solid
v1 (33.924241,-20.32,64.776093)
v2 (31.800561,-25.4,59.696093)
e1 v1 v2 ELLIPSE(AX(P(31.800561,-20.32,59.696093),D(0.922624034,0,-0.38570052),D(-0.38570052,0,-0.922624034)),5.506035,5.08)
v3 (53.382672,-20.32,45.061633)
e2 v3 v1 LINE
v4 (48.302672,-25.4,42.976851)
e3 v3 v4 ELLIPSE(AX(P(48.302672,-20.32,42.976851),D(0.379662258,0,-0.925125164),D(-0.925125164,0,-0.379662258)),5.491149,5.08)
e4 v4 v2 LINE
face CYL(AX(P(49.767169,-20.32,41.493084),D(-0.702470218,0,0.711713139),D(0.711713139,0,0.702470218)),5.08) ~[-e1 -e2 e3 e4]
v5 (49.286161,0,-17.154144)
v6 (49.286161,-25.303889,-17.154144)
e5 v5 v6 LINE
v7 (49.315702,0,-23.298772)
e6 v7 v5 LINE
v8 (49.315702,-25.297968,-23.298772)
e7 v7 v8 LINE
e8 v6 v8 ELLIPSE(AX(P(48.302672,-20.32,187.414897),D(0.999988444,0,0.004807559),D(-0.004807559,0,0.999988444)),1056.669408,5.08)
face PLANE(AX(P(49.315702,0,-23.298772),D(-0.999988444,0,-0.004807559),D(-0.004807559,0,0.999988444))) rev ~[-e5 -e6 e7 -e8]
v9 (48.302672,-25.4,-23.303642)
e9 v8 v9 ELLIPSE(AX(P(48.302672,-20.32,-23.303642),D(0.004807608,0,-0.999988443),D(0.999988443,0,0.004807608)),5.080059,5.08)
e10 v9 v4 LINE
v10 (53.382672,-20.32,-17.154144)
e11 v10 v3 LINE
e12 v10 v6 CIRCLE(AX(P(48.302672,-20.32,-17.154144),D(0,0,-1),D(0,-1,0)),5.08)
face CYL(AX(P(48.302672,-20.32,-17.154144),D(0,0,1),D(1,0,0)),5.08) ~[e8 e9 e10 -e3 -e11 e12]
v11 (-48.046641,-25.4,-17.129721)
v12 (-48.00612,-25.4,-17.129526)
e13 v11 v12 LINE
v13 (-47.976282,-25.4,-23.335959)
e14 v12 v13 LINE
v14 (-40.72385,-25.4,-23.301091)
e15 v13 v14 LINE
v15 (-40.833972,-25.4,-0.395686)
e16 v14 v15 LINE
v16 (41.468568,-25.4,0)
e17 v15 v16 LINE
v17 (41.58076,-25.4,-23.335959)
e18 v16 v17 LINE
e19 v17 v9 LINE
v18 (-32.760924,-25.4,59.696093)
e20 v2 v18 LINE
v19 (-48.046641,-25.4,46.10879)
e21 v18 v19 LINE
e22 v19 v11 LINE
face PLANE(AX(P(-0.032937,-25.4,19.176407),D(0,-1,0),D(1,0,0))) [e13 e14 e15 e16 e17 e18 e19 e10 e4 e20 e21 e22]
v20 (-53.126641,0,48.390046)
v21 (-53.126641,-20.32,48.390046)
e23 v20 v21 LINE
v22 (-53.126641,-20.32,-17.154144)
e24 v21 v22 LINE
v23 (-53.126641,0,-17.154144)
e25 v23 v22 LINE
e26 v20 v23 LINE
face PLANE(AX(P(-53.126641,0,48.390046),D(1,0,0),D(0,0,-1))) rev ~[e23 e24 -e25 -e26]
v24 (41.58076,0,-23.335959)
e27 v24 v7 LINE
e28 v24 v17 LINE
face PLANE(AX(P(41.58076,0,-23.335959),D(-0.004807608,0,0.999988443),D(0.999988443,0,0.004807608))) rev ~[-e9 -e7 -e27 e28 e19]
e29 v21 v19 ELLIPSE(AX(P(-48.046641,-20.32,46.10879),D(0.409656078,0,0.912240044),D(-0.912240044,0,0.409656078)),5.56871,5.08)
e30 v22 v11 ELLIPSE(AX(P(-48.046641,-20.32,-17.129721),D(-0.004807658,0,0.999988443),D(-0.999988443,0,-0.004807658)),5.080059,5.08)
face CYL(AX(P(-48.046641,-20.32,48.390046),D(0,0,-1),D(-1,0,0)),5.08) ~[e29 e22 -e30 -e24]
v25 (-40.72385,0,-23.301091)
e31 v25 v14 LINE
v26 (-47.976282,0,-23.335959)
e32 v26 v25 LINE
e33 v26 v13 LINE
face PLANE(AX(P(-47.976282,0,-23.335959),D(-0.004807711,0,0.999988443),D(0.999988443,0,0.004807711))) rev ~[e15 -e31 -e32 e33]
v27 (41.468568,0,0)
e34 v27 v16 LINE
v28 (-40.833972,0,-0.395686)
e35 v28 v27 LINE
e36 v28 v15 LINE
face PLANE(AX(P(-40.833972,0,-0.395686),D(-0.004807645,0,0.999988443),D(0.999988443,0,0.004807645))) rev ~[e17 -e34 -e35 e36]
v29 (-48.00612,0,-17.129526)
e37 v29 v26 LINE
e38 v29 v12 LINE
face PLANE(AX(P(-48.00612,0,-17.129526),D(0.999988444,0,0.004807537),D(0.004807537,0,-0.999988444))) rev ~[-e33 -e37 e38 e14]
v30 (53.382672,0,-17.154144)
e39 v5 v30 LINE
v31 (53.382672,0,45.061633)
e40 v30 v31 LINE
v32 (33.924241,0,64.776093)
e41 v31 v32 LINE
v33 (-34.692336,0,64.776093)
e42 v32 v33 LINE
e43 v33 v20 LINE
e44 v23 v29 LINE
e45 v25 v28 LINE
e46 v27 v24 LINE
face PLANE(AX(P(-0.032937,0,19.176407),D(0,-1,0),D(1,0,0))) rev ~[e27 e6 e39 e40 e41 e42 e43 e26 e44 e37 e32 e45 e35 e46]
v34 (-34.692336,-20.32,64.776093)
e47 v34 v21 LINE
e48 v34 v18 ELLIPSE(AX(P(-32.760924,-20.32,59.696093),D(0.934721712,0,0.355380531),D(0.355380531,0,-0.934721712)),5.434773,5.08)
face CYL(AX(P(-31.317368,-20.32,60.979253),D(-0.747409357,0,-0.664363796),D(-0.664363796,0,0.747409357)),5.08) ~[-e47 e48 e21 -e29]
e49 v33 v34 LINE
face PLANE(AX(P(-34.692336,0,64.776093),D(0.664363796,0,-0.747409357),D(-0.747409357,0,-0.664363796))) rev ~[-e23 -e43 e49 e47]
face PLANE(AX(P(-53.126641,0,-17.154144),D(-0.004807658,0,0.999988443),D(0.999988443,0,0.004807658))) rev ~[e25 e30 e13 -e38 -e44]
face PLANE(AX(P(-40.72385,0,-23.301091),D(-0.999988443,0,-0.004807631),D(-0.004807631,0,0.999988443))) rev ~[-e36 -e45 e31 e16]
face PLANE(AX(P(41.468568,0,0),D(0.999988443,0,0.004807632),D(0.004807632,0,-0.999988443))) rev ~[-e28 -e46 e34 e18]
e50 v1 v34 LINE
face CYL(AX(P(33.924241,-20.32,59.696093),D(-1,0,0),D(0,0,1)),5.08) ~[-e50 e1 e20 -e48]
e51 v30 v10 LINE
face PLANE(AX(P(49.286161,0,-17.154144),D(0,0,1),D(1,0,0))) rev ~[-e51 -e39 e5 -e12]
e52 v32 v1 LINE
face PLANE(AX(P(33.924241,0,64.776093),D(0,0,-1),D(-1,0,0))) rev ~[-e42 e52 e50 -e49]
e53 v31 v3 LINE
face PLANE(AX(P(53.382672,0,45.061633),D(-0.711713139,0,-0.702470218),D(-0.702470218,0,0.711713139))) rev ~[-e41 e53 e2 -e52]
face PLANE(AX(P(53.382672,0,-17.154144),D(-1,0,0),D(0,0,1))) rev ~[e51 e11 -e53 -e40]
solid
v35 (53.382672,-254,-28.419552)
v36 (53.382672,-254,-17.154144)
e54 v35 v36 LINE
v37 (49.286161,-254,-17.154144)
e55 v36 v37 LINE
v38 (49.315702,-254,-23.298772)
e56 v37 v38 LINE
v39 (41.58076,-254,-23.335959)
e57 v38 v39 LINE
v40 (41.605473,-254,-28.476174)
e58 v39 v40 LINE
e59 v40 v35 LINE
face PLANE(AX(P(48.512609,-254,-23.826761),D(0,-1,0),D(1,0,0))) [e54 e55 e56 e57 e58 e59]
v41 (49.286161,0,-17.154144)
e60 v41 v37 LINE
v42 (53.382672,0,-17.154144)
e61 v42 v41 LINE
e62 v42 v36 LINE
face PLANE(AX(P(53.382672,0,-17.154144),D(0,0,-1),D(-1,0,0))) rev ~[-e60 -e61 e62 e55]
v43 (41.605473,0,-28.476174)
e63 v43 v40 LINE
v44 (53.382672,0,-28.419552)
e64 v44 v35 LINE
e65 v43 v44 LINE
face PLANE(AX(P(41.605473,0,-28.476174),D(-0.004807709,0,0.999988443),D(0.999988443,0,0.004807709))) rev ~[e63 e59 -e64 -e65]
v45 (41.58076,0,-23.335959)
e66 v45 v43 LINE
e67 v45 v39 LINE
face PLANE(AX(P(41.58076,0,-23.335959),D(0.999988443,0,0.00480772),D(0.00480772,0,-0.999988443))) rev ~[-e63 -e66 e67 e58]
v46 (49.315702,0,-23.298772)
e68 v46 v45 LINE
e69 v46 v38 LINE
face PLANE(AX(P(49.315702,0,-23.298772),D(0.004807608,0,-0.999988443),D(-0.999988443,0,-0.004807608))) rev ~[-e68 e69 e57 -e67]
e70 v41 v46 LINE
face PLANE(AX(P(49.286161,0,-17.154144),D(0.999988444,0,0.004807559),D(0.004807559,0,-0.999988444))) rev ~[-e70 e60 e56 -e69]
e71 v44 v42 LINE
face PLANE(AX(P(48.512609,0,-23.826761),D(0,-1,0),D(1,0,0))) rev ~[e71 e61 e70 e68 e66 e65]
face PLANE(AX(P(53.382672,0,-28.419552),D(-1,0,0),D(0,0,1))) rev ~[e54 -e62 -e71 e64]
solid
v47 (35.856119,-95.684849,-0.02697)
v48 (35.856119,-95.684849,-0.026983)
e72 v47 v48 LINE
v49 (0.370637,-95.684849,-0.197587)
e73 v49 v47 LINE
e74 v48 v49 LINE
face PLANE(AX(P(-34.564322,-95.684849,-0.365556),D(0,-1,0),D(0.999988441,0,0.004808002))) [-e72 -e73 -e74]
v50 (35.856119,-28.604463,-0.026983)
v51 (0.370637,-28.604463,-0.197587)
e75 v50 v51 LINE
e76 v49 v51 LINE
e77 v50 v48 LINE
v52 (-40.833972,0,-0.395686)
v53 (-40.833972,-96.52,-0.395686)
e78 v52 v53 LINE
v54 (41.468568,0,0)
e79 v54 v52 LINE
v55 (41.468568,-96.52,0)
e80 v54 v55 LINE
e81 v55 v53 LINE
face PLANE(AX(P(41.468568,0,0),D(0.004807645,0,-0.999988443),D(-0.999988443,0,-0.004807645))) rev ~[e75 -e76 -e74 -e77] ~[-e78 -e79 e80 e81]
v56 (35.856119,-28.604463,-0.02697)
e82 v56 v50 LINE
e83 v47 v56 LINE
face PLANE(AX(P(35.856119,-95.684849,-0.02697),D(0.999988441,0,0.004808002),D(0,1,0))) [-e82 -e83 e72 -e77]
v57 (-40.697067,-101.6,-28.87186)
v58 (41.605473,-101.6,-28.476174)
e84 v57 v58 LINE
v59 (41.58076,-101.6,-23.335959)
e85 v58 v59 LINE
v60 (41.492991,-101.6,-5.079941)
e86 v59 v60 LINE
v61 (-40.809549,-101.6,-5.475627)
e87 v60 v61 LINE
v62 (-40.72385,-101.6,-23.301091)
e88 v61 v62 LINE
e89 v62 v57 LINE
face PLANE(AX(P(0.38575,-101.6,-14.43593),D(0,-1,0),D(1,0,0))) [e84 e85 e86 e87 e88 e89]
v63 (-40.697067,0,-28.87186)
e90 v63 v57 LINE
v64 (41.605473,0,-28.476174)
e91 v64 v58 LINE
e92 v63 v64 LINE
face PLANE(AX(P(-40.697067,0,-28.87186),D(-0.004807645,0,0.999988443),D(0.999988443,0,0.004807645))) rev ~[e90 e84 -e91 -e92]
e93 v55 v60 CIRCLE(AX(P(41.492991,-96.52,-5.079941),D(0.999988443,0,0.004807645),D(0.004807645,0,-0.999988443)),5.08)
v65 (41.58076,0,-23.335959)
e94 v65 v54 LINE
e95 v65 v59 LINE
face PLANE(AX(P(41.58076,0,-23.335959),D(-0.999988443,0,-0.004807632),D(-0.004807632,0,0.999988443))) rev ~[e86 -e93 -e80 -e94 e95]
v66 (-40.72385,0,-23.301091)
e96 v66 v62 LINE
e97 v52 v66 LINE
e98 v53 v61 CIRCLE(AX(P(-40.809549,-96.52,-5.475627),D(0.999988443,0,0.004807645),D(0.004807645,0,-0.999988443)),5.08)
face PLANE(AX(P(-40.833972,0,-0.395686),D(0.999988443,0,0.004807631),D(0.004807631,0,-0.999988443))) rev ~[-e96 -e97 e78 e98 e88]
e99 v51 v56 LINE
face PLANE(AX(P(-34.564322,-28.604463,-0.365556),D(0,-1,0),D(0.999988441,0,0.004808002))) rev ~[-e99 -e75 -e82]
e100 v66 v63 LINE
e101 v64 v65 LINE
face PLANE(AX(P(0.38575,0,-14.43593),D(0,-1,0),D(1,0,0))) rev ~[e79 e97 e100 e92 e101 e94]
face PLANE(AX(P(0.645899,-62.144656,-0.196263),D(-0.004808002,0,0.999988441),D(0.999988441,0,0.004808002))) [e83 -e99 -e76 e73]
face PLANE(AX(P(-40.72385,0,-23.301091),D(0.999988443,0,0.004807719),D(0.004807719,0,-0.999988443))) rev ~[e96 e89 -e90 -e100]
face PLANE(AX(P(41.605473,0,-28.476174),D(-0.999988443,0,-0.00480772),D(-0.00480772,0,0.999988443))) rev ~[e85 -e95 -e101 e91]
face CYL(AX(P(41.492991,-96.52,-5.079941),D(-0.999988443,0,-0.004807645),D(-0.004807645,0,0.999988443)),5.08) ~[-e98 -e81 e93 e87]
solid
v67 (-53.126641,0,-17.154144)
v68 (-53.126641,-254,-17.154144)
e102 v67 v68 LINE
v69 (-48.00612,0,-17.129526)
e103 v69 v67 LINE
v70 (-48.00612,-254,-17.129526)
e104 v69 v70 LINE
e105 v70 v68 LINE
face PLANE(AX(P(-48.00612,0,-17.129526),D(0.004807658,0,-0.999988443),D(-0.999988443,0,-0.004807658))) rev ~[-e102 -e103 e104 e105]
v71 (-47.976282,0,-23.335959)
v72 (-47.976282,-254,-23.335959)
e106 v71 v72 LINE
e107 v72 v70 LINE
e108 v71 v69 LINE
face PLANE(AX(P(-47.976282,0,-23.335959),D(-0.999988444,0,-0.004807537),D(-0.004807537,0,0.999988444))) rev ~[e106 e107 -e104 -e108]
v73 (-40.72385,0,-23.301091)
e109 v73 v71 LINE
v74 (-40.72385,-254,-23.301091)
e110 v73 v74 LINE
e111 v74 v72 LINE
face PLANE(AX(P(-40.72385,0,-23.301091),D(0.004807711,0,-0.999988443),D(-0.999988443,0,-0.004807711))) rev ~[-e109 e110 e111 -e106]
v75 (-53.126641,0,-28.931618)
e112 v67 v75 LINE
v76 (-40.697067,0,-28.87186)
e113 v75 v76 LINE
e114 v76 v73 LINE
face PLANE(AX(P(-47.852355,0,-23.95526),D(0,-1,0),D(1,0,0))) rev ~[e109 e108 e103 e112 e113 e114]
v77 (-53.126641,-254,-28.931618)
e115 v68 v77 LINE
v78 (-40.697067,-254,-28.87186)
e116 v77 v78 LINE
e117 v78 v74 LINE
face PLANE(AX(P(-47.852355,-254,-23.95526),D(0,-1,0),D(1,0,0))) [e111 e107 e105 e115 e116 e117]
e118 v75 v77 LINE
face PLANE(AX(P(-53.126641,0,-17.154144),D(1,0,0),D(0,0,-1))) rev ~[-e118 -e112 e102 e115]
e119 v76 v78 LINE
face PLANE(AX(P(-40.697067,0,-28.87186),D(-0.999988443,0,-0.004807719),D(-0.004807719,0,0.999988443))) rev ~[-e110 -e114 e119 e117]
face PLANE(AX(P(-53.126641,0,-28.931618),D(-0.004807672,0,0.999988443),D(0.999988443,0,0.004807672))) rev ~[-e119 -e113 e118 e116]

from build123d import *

# Parameters (mm, degrees)
F1_DEPTH = 254
F2_DEPTH = 101.6
F3_DEPTH = 25.4
F5_R     = 5.08
F5_2_R   = 5.08
F4_W     = 70.421255
F4_H     = 67.080386
F6_DEPTH = 25.4


with BuildPart() as f1:
    # F0 (on Front) → F1 (new body)
    with BuildSketch(Plane.XZ):
        Polygon((-48.00612, -17.129526), (-53.126641, -17.154144), (-53.126641, -28.931618), (-40.697067, -28.87186), (-40.72385, -23.301091), (-47.976282, -23.335959), align=None)
        Polygon((53.382672, -28.419552), (53.382672, -17.154144), (49.286161, -17.154144), (49.315702, -23.298772), (41.58076, -23.335959), (41.605473, -28.476174), align=None)
    extrude(amount=F1_DEPTH)


with BuildPart() as f2:
    # F0 (on Front) → F2 (new body)
    with BuildSketch(Plane.XZ):
        Polygon((-40.72385, -23.301091), (-40.697067, -28.87186), (41.605473, -28.476174), (41.58076, -23.335959), (41.468568, 0), (-40.833972, -0.395686), align=None)
    extrude(amount=F2_DEPTH)

    # F5#2
    f5_2_edges = [f2.edges().sort_by_distance(p)[0] for p in [
        (0.317298, -101.6, -0.197843),
    ]]
    fillet(f5_2_edges, radius=F5_2_R)

    # F4 (on face) → F6 (join)
    with BuildSketch(Plane(origin=(0.000958, 0, -0.199364), x_dir=(0.999988, 0, 0.004808), z_dir=(-0.004808, 0, 0.999988))):
        with Locations((0.644948, -62.144656)):
            Rectangle(F4_W, F4_H)
    extrude(amount=-F6_DEPTH)


with BuildPart() as f3:
    # F0 (on Front) → F3 (new body)
    with BuildSketch(Plane.XZ):
        Polygon((33.924241, 64.776093), (-34.692336, 64.776093), (-53.126641, 48.390046), (-53.126641, -17.154144), (-48.00612, -17.129526), (-47.976282, -23.335959), (-40.72385, -23.301091), (-40.833972, -0.395686), (41.468568, 0), (41.58076, -23.335959), (49.315702, -23.298772), (49.286161, -17.154144), (53.382672, -17.154144), (53.382672, 45.061633), align=None)
    extrude(amount=F3_DEPTH)

    # F5
    f5_edges = [f3.edges().sort_by_distance(p)[0] for p in [
        (-43.909488, -25.4, 56.583069),
        (-0.384048, -25.4, 64.776093),
        (43.653456, -25.4, 54.918863),
        (53.382672, -25.4, 13.953744),
        (-53.126641, -25.4, 15.617951),
    ]]
    fillet(f5_edges, radius=F5_R)


solid = Compound([f1.part, f2.part, f3.part])
